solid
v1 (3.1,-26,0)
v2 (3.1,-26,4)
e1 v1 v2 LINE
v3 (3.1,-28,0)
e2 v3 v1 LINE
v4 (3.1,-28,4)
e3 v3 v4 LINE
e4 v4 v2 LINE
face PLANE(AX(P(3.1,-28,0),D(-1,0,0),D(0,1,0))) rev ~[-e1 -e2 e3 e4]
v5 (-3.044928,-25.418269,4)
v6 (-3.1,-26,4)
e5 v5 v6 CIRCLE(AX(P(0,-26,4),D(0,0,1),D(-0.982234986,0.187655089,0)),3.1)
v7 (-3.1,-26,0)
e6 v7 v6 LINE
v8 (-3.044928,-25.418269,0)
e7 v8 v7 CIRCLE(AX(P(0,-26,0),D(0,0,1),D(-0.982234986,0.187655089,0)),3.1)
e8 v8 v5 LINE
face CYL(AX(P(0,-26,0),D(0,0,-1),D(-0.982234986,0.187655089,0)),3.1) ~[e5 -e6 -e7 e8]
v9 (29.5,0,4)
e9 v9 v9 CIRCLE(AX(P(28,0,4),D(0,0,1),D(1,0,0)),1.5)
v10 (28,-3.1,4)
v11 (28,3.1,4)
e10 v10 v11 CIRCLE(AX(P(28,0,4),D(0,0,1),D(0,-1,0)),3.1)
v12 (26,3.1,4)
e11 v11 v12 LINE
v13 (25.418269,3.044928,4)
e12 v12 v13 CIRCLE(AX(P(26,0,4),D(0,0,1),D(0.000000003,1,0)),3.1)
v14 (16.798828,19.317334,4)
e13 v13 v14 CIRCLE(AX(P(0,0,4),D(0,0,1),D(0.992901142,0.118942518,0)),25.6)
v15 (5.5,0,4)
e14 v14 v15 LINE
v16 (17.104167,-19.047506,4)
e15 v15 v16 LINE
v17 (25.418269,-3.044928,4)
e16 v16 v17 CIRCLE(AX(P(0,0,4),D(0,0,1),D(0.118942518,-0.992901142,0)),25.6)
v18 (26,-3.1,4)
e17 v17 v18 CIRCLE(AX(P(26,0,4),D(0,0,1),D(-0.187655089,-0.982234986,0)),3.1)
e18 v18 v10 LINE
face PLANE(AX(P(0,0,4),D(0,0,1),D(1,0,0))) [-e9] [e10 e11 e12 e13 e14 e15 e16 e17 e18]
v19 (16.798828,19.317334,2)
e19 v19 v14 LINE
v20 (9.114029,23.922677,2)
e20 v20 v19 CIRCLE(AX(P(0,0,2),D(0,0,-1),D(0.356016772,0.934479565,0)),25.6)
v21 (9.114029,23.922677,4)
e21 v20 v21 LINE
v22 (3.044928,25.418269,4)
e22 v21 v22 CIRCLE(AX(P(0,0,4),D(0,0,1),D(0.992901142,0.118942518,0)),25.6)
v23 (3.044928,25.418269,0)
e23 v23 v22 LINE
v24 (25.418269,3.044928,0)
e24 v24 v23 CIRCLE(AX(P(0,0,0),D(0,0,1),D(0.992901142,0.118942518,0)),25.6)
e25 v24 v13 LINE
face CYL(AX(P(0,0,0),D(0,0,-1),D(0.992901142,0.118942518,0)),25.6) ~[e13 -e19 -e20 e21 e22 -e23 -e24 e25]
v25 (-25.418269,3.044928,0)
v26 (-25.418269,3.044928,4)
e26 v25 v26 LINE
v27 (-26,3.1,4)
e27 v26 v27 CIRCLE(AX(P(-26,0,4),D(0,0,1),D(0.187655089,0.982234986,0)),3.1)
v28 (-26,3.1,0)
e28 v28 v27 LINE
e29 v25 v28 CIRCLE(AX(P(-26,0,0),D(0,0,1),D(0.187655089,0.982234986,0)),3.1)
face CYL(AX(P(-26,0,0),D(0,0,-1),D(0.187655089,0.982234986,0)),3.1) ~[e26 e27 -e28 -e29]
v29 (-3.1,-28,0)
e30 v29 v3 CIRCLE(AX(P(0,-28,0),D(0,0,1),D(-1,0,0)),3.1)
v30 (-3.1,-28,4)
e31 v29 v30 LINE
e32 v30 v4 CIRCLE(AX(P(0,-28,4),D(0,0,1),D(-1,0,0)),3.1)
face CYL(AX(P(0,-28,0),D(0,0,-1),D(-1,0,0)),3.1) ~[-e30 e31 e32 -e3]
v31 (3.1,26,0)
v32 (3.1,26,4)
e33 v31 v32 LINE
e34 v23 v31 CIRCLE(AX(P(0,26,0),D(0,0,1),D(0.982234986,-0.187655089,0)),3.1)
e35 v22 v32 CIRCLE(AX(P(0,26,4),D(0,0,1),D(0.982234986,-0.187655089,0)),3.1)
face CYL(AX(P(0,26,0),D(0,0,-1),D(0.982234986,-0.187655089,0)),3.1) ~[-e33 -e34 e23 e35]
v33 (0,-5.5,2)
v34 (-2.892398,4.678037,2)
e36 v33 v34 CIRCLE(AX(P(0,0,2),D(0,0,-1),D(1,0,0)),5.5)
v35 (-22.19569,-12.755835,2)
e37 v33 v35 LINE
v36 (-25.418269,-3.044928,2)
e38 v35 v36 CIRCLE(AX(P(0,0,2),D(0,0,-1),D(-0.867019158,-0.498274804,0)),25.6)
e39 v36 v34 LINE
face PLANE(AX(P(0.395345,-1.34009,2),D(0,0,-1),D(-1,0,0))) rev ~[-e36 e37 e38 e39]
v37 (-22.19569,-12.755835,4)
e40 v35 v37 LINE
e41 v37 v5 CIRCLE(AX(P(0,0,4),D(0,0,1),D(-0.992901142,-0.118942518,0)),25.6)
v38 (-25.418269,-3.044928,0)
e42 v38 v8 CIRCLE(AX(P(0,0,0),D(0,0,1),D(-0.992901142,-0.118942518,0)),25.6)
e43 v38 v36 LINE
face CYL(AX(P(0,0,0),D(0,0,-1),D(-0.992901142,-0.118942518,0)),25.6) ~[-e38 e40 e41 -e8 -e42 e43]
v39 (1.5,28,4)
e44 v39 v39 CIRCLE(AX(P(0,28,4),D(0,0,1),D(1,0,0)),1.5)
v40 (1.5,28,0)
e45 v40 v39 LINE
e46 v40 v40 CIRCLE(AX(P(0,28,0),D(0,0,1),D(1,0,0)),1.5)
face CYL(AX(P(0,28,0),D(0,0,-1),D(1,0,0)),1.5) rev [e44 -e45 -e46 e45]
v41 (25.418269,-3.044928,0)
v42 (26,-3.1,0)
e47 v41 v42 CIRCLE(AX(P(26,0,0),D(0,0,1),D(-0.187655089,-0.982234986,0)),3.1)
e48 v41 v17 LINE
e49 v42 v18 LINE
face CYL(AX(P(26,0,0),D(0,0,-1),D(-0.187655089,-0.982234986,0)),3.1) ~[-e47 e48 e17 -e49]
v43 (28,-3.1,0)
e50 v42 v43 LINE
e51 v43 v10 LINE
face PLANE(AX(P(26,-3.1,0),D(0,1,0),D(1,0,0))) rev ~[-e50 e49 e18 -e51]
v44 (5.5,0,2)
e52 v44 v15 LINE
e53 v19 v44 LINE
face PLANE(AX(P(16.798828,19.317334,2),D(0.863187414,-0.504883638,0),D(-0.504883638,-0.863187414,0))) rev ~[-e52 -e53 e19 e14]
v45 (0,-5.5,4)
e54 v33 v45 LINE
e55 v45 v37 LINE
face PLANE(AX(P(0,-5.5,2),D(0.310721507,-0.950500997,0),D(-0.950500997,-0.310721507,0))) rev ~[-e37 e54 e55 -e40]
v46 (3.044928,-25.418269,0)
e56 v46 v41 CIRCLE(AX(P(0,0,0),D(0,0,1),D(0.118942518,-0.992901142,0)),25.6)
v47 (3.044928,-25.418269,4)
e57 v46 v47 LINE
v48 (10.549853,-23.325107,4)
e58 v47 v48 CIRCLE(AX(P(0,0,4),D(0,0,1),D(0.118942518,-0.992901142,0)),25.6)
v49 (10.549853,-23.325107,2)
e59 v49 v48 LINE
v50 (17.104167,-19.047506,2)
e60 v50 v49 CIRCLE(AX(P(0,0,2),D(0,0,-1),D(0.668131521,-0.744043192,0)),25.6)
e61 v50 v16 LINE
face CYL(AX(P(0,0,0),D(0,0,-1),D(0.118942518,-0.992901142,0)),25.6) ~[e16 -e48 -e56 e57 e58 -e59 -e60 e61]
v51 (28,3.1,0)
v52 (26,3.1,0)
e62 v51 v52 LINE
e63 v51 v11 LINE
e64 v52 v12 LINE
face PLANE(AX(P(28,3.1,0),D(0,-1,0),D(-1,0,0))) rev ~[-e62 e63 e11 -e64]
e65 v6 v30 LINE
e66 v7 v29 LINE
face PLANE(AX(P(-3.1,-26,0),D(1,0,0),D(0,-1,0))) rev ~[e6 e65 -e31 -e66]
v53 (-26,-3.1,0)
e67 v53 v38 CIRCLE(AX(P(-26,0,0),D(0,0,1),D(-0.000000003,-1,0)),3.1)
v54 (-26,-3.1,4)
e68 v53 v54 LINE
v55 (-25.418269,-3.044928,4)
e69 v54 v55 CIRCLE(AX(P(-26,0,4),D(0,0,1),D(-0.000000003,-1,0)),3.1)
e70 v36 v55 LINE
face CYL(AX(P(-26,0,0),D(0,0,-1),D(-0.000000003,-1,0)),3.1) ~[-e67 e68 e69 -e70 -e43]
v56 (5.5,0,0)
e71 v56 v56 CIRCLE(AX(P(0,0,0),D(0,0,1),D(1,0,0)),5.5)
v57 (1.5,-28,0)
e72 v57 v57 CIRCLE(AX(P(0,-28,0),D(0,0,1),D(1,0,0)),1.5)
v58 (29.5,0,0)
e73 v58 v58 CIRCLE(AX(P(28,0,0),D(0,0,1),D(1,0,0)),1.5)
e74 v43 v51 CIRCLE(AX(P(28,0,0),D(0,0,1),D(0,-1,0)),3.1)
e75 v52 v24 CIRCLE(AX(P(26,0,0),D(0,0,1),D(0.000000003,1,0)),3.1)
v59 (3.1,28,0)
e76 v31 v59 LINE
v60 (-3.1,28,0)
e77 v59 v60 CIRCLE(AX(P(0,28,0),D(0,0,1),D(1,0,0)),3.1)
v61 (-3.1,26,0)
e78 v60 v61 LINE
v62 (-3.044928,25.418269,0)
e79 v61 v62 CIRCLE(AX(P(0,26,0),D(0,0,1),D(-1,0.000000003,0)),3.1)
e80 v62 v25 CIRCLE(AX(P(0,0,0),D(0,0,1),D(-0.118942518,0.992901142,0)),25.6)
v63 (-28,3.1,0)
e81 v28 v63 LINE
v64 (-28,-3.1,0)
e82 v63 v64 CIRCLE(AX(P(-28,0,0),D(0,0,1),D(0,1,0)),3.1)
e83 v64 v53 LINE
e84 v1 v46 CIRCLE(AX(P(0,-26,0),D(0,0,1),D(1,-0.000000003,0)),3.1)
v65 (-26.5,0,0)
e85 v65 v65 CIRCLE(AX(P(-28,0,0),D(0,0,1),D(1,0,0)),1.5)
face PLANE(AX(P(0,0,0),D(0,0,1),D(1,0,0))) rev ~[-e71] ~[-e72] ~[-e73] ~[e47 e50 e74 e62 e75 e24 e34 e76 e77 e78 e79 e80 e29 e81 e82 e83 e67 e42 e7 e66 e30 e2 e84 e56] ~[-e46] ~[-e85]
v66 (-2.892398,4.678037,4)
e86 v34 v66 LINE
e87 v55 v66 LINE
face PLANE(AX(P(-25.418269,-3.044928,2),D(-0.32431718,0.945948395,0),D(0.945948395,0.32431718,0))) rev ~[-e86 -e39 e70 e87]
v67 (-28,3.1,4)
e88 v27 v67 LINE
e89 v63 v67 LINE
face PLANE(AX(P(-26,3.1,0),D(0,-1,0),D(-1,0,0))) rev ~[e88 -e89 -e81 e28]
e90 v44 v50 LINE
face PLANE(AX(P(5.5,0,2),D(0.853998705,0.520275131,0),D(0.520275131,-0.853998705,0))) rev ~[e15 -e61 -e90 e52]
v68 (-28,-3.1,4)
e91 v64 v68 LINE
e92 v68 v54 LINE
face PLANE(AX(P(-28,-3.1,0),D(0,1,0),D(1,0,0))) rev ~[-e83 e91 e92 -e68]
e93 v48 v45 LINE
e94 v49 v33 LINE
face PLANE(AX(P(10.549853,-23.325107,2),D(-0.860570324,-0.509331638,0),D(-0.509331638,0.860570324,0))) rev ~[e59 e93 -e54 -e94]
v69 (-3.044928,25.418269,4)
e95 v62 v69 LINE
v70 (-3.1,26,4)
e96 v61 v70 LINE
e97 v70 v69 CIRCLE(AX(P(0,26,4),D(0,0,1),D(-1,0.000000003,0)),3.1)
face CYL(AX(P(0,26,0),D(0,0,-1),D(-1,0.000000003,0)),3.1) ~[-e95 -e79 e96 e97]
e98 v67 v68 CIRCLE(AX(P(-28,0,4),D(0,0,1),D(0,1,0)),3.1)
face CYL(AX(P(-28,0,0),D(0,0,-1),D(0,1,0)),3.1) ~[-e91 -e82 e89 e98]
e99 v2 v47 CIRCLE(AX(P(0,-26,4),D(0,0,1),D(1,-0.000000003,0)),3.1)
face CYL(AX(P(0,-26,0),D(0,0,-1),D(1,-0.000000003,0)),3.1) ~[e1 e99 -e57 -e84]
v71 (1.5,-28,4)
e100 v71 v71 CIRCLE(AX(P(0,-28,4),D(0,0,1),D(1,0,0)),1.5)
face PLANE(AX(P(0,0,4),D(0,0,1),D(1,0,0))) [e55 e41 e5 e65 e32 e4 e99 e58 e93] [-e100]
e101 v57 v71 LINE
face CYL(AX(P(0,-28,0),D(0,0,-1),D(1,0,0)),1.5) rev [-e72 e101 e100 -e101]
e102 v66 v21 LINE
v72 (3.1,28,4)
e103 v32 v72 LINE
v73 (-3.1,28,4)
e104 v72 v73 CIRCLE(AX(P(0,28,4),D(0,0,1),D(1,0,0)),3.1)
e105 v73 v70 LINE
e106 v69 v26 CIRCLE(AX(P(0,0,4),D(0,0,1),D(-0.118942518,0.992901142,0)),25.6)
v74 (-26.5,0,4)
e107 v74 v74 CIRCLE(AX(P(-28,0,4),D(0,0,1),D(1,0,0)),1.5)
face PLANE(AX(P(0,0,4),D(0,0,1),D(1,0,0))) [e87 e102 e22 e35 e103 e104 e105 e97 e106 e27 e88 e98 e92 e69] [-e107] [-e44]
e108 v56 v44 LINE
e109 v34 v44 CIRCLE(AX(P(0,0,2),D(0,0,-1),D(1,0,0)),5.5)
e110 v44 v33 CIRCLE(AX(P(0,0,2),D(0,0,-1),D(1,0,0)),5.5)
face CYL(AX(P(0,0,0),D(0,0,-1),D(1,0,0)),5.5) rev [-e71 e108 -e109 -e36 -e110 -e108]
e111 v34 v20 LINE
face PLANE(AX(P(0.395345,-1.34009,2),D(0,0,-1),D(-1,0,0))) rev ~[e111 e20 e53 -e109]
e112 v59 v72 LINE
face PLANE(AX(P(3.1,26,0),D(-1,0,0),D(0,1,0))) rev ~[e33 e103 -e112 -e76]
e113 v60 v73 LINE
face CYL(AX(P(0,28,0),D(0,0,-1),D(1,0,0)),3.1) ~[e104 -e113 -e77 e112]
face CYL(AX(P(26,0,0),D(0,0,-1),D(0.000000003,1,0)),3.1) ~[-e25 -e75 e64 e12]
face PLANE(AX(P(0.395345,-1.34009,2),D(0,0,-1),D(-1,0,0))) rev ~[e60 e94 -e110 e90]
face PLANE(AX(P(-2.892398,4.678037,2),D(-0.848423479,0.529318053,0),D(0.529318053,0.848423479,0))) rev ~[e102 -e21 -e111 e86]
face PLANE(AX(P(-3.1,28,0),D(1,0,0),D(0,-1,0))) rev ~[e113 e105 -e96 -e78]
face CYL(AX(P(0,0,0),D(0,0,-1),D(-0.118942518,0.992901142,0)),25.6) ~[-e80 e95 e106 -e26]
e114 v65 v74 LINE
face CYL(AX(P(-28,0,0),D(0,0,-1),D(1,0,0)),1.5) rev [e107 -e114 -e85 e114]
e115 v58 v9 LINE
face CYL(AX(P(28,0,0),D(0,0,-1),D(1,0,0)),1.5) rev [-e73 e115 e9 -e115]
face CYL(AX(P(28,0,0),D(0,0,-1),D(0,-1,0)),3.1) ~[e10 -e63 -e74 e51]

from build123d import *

# Parameters (mm, degrees)
SKETCH4_R           = 5.5
SKETCH4_R_2         = 1.5
BOSS_EXTRUDE2_DEPTH = 4
CUT_EXTRUDE1_START  = -2
CUT_EXTRUDE1_DEPTH  = 2


with BuildPart() as part:
    # Sketch4 → Boss-Extrude2 (new body)
    with BuildSketch(Plane.XY):
        with BuildLine():
            Line((28, 3.1), (26, 3.1))
            ThreePointArc((26, 3.1), (25.707834138, 3.086201405), (25.418269231, 3.044928458))
            ThreePointArc((25.418269231, 3.044928458), (18.101933598, 18.101933598), (3.044928458, 25.418269231))
            ThreePointArc((3.044928458, 25.418269231), (3.086201405, 25.707834138), (3.1, 26))
            Line((3.1, 26), (3.1, 28))
            ThreePointArc((3.1, 28), (0, 31.1), (-3.1, 28))
            Line((-3.1, 28), (-3.1, 26))
            ThreePointArc((-3.1, 26), (-3.086201405, 25.707834138), (-3.044928458, 25.418269231))
            ThreePointArc((-3.044928458, 25.418269231), (-18.101933598, 18.101933598), (-25.418269231, 3.044928458))
            ThreePointArc((-25.418269231, 3.044928458), (-25.707834138, 3.086201405), (-26, 3.1))
            Line((-26, 3.1), (-28, 3.1))
            ThreePointArc((-28, 3.1), (-31.1, 0), (-28, -3.1))
            Line((-28, -3.1), (-26, -3.1))
            ThreePointArc((-26, -3.1), (-25.707834138, -3.086201405), (-25.418269231, -3.044928458))
            ThreePointArc((-25.418269231, -3.044928458), (-18.101933598, -18.101933598), (-3.044928458, -25.418269231))
            ThreePointArc((-3.044928458, -25.418269231), (-3.086201405, -25.707834138), (-3.1, -26))
            Line((-3.1, -26), (-3.1, -28))
            ThreePointArc((-3.1, -28), (0, -31.1), (3.1, -28))
            Line((3.1, -28), (3.1, -26))
            ThreePointArc((3.1, -26), (3.086201405, -25.707834138), (3.044928458, -25.418269231))
            ThreePointArc((3.044928458, -25.418269231), (18.101933598, -18.101933598), (25.418269231, -3.044928458))
            ThreePointArc((25.418269231, -3.044928458), (25.707834138, -3.086201405), (26, -3.1))
            Line((26, -3.1), (28, -3.1))
            ThreePointArc((28, -3.1), (31.1, 0), (28, 3.1))
        make_face()
        Circle(SKETCH4_R, mode=Mode.SUBTRACT)
        with Locations((-28, 0)):
            Circle(SKETCH4_R_2, mode=Mode.SUBTRACT)
        with Locations((0, 28)):
            Circle(SKETCH4_R_2, mode=Mode.SUBTRACT)
        with Locations((28, 0)):
            Circle(SKETCH4_R_2, mode=Mode.SUBTRACT)
        with Locations((0, -28)):
            Circle(SKETCH4_R_2, mode=Mode.SUBTRACT)
    extrude(amount=BOSS_EXTRUDE2_DEPTH)

    # Sketch5 → Cut-Extrude1 (cut)
    with BuildSketch(Plane.XY.offset(4).offset(CUT_EXTRUDE1_START)):
        with BuildLine():
            Line((-25.418269231, -3.044928458), (-2.892398424, 4.678037126))
            Line((-2.892398424, 4.678037126), (9.11402937, 23.92267687))
            ThreePointArc((9.11402937, 23.92267687), (13.159458029, 21.958794693), (16.798827647, 19.317333918))
            Line((16.798827647, 19.317333918), (5.5, 0))
            Line((5.5, 0), (17.104166933, -19.047505704))
            ThreePointArc((17.104166933, -19.047505704), (13.991450126, -21.438267733), (10.549853348, -23.325106524))
            Line((10.549853348, -23.325106524), (0, -5.5))
            Line((0, -5.5), (-22.195690438, -12.755834977))
            ThreePointArc((-22.195690438, -12.755834977), (-24.297072153, -8.063019583), (-25.418269231, -3.044928458))
        make_face()
    extrude(amount=CUT_EXTRUDE1_DEPTH, mode=Mode.SUBTRACT)


solid = part.part
